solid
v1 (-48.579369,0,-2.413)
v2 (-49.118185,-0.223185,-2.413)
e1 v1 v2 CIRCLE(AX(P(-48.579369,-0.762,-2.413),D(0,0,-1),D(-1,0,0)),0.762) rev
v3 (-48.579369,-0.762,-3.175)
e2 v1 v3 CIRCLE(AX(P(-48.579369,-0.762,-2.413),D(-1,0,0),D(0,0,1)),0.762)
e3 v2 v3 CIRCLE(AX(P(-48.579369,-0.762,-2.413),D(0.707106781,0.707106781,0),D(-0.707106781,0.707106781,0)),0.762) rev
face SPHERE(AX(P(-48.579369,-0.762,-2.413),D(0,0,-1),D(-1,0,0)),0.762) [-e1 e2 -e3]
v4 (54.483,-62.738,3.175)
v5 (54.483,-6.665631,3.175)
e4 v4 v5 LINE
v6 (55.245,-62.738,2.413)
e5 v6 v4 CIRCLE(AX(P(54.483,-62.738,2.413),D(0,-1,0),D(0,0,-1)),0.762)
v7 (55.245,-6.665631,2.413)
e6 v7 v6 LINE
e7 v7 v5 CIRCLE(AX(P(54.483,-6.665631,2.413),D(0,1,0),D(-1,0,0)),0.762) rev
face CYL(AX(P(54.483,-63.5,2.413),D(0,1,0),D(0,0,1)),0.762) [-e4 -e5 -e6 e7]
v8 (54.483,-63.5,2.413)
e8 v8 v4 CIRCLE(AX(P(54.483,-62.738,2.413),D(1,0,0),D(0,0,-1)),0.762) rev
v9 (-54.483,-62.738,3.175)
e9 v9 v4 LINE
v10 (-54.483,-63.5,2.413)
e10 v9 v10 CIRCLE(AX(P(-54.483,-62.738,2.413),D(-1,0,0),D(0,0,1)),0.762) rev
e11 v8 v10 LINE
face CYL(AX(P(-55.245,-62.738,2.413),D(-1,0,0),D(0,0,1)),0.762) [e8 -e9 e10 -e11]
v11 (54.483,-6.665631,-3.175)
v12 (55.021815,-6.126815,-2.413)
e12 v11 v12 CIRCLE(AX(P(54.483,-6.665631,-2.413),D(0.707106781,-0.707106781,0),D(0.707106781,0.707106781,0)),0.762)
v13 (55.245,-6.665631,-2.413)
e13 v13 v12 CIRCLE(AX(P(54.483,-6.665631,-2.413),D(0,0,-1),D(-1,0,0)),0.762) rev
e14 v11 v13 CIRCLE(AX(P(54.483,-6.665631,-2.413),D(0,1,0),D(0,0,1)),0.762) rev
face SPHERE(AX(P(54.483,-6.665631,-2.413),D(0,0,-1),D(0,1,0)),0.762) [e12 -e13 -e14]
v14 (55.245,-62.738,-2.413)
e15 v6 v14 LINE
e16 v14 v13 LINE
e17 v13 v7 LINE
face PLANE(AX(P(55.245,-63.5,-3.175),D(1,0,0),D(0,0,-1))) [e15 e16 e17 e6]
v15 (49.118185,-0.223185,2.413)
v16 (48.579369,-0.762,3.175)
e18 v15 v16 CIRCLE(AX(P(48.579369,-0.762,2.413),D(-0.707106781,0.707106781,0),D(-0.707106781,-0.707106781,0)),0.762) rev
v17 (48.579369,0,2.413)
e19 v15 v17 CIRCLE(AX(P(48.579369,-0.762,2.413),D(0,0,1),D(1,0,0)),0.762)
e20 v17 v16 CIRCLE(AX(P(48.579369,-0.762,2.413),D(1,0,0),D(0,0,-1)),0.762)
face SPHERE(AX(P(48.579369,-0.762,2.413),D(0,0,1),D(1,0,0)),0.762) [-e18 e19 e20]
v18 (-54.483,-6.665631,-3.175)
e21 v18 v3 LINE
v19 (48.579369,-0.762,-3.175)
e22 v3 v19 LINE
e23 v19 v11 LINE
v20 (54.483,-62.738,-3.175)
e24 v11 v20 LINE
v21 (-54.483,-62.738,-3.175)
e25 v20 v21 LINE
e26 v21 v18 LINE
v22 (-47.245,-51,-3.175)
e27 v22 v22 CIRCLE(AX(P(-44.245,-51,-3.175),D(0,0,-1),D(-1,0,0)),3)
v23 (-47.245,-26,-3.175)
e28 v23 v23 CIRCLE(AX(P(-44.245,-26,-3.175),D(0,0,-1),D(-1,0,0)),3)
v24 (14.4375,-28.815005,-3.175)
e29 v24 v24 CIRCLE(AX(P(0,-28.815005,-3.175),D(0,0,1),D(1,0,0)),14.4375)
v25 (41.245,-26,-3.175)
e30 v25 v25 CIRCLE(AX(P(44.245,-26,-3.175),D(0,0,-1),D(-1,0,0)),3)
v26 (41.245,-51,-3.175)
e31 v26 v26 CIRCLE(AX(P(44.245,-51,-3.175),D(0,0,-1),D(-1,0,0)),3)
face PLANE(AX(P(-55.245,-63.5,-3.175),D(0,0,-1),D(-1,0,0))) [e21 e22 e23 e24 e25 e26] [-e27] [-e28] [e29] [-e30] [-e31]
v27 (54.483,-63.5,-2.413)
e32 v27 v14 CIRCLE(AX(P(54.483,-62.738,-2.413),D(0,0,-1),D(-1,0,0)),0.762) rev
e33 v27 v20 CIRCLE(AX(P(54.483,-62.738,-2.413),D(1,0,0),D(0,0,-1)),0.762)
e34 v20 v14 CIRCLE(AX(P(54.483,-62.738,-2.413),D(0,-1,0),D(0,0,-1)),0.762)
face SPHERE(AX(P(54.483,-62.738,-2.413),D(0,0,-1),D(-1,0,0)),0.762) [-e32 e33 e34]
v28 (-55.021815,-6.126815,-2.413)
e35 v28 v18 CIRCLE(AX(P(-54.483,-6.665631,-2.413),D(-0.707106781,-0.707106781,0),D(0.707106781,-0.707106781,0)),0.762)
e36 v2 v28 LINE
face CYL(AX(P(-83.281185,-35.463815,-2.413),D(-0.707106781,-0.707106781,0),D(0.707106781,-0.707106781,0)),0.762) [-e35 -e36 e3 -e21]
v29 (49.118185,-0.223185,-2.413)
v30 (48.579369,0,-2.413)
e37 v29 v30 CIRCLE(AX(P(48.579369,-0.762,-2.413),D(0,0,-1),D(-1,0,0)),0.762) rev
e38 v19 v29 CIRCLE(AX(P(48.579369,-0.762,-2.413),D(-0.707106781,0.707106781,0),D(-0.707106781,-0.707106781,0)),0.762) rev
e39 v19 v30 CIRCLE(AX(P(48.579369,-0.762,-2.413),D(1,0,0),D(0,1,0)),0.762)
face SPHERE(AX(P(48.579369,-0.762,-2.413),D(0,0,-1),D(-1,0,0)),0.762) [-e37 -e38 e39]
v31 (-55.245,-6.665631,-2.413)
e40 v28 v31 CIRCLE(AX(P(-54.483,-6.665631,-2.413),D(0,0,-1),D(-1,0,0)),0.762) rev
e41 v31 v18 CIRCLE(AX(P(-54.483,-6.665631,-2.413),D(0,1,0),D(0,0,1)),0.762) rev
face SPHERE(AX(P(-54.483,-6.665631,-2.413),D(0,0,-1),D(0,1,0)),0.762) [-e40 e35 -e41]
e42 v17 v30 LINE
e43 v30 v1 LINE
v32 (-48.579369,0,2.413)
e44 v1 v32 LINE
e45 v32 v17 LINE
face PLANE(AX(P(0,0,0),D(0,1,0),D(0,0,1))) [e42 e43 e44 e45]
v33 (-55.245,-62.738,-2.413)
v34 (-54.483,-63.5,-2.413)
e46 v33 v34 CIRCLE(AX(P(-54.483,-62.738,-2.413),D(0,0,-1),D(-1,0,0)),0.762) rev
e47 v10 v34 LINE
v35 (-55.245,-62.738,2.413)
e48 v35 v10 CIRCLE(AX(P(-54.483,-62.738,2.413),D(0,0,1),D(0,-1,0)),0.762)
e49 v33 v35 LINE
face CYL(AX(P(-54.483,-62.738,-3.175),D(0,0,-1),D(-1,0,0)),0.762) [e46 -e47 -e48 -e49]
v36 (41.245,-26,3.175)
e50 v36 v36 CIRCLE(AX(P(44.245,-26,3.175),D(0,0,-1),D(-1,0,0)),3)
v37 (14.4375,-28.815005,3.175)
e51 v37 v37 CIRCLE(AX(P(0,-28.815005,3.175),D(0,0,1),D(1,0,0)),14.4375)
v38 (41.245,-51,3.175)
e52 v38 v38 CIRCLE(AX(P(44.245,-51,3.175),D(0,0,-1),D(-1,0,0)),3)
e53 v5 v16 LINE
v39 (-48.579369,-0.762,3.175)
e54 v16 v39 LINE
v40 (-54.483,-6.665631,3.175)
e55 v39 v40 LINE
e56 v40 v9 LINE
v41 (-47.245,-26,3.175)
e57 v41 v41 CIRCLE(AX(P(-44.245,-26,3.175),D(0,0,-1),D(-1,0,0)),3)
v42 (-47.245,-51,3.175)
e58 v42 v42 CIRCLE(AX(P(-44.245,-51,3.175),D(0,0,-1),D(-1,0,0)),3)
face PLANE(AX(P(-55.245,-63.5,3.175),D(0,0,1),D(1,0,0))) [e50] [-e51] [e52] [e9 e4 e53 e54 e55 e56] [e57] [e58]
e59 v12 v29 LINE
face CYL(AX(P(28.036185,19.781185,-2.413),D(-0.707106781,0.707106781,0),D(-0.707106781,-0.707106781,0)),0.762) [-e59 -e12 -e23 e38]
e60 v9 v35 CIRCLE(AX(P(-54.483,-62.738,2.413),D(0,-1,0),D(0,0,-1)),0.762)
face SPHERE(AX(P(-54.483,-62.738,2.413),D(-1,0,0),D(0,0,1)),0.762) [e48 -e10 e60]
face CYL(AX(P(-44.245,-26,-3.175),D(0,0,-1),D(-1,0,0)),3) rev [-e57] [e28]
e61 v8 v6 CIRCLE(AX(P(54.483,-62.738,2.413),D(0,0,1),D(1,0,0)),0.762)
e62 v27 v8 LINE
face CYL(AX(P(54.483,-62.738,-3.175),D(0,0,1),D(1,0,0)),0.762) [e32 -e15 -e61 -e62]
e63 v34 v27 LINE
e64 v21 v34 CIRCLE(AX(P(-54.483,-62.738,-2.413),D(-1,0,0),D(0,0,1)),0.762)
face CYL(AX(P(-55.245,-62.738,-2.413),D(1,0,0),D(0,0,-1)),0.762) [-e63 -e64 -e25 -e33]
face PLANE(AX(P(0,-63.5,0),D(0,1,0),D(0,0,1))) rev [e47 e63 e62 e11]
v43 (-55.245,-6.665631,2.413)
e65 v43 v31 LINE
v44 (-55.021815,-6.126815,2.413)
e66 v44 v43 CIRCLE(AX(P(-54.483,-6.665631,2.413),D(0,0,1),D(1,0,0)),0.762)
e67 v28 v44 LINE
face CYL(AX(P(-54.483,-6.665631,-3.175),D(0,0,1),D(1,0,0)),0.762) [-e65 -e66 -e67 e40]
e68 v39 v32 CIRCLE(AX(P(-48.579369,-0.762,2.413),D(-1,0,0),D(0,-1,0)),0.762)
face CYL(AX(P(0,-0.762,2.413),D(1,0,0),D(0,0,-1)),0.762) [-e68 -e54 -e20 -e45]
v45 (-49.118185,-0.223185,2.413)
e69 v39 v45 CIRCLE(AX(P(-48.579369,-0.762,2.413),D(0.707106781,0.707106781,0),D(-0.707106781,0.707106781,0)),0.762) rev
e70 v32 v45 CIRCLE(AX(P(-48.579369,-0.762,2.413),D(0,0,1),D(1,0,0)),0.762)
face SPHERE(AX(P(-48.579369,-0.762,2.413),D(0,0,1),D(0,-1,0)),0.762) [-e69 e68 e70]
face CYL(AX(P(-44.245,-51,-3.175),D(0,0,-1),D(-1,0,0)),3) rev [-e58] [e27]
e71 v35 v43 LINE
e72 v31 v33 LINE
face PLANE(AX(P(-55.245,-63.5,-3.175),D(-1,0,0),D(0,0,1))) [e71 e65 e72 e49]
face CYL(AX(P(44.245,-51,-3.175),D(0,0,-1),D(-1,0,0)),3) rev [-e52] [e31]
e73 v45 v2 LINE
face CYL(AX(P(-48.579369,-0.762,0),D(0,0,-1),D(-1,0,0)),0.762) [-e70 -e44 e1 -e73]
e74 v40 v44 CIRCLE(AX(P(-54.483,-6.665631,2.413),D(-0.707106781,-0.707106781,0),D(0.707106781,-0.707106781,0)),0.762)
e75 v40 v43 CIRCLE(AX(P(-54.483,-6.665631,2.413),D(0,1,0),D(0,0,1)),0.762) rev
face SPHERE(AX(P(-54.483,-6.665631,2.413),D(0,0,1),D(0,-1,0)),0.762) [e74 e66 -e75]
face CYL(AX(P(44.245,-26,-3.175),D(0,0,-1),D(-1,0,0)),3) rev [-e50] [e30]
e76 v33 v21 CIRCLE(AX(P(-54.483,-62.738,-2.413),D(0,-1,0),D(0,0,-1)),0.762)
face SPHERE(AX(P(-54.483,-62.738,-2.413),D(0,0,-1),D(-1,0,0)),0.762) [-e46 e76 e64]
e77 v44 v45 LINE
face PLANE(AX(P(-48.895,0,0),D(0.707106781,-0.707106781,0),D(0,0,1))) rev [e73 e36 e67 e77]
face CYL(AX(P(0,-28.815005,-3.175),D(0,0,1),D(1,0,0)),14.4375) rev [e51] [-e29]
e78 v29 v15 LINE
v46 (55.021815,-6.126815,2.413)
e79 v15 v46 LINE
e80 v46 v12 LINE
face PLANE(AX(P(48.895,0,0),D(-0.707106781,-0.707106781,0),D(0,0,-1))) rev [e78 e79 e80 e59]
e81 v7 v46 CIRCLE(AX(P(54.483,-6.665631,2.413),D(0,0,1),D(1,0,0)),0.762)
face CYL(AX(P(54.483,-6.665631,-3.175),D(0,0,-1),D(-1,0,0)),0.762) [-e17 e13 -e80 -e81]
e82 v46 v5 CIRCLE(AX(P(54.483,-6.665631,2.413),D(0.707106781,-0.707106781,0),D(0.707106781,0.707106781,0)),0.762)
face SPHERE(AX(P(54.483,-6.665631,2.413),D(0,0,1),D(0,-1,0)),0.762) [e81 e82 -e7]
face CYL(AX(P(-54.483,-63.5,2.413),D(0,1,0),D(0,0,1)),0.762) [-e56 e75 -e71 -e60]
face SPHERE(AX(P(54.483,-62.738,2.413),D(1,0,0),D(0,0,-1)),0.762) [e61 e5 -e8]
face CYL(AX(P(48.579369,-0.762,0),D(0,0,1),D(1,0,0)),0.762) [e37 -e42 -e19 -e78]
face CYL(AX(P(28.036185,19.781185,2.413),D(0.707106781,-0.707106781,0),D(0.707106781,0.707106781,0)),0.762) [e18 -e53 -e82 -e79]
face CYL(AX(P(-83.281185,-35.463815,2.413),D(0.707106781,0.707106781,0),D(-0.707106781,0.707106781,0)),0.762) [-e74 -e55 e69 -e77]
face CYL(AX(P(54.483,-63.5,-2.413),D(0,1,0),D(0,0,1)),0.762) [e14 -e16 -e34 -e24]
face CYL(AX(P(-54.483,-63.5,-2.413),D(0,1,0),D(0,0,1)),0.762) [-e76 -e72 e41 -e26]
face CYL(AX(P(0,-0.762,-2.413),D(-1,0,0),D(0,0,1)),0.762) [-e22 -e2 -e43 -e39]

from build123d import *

# Parameters (mm, degrees)
SKETCH2_W                   = 110.49
SKETCH2_H                   = 6.35
BOSS_EXTRUDE1_DEPTH         = 63.5
SKETCH3_R                   = 14.437499981
CUT_EXTRUDE1_DEPTH          = 85.407242136
CHAMFER1_SIZE               = 6.35
TAP_DRILL_FOR_M7X1_0_TAP1_D = 6
FILLET2_R                   = 0.762


with BuildPart() as part:
    # Sketch2 → Boss-Extrude1 (new body)
    with BuildSketch(Plane(origin=(0, 0, 0), x_dir=(1, 0, 0), z_dir=(0, 1, 0))):
        Rectangle(SKETCH2_W, SKETCH2_H)
    extrude(amount=-BOSS_EXTRUDE1_DEPTH)

    # Sketch3 → Cut-Extrude1 (cut, through all)
    with BuildSketch(Plane.XY.offset(3.175)):
        with Locations((0, -28.8150046)):
            Circle(SKETCH3_R)
    extrude(amount=-CUT_EXTRUDE1_DEPTH, mode=Mode.SUBTRACT)

    # Chamfer1
    chamfer1_edges = [part.edges().sort_by_distance(p)[0] for p in [
        (55.245, 0, 0),
        (-55.245, 0, 0),
    ]]
    chamfer(chamfer1_edges, length=CHAMFER1_SIZE)

    # Tap Drill for M7x1.0 Tap1 (through all)
    with Locations(Plane(origin=(0, 0, -3.175), x_dir=(-1, 0, 0), z_dir=(0, 0, -1))):
        with Locations((44.245, -26), (44.245, -51), (-44.245, -51), (-44.245, -26)):
            Hole(TAP_DRILL_FOR_M7X1_0_TAP1_D / 2)

    # Fillet2
    fillet2_edges = [part.edges().sort_by_distance(p)[0] for p in [
        (55.245, -63.5, 0),
        (0, -63.5, -3.175),
        (0, 0, 3.175),
        (0, 0, -3.175),
        (48.895, 0, 0),
        (-48.895, 0, 0),
        (52.07, -3.175, 3.175),
        (-52.07, -3.175, 3.175),
        (-55.245, -6.35, 0),
        (52.07, -3.175, -3.175),
        (-52.07, -3.175, -3.175),
        (55.245, -6.35, 0),
        (-55.245, -63.5, 0),
        (-55.245, -34.925, -3.175),
        (55.245, -34.925, -3.175),
        (55.245, -34.925, 3.175),
        (-55.245, -34.925, 3.175),
        (0, -63.5, 3.175),
    ]]
    fillet(fillet2_edges, radius=FILLET2_R)


solid = part.part
